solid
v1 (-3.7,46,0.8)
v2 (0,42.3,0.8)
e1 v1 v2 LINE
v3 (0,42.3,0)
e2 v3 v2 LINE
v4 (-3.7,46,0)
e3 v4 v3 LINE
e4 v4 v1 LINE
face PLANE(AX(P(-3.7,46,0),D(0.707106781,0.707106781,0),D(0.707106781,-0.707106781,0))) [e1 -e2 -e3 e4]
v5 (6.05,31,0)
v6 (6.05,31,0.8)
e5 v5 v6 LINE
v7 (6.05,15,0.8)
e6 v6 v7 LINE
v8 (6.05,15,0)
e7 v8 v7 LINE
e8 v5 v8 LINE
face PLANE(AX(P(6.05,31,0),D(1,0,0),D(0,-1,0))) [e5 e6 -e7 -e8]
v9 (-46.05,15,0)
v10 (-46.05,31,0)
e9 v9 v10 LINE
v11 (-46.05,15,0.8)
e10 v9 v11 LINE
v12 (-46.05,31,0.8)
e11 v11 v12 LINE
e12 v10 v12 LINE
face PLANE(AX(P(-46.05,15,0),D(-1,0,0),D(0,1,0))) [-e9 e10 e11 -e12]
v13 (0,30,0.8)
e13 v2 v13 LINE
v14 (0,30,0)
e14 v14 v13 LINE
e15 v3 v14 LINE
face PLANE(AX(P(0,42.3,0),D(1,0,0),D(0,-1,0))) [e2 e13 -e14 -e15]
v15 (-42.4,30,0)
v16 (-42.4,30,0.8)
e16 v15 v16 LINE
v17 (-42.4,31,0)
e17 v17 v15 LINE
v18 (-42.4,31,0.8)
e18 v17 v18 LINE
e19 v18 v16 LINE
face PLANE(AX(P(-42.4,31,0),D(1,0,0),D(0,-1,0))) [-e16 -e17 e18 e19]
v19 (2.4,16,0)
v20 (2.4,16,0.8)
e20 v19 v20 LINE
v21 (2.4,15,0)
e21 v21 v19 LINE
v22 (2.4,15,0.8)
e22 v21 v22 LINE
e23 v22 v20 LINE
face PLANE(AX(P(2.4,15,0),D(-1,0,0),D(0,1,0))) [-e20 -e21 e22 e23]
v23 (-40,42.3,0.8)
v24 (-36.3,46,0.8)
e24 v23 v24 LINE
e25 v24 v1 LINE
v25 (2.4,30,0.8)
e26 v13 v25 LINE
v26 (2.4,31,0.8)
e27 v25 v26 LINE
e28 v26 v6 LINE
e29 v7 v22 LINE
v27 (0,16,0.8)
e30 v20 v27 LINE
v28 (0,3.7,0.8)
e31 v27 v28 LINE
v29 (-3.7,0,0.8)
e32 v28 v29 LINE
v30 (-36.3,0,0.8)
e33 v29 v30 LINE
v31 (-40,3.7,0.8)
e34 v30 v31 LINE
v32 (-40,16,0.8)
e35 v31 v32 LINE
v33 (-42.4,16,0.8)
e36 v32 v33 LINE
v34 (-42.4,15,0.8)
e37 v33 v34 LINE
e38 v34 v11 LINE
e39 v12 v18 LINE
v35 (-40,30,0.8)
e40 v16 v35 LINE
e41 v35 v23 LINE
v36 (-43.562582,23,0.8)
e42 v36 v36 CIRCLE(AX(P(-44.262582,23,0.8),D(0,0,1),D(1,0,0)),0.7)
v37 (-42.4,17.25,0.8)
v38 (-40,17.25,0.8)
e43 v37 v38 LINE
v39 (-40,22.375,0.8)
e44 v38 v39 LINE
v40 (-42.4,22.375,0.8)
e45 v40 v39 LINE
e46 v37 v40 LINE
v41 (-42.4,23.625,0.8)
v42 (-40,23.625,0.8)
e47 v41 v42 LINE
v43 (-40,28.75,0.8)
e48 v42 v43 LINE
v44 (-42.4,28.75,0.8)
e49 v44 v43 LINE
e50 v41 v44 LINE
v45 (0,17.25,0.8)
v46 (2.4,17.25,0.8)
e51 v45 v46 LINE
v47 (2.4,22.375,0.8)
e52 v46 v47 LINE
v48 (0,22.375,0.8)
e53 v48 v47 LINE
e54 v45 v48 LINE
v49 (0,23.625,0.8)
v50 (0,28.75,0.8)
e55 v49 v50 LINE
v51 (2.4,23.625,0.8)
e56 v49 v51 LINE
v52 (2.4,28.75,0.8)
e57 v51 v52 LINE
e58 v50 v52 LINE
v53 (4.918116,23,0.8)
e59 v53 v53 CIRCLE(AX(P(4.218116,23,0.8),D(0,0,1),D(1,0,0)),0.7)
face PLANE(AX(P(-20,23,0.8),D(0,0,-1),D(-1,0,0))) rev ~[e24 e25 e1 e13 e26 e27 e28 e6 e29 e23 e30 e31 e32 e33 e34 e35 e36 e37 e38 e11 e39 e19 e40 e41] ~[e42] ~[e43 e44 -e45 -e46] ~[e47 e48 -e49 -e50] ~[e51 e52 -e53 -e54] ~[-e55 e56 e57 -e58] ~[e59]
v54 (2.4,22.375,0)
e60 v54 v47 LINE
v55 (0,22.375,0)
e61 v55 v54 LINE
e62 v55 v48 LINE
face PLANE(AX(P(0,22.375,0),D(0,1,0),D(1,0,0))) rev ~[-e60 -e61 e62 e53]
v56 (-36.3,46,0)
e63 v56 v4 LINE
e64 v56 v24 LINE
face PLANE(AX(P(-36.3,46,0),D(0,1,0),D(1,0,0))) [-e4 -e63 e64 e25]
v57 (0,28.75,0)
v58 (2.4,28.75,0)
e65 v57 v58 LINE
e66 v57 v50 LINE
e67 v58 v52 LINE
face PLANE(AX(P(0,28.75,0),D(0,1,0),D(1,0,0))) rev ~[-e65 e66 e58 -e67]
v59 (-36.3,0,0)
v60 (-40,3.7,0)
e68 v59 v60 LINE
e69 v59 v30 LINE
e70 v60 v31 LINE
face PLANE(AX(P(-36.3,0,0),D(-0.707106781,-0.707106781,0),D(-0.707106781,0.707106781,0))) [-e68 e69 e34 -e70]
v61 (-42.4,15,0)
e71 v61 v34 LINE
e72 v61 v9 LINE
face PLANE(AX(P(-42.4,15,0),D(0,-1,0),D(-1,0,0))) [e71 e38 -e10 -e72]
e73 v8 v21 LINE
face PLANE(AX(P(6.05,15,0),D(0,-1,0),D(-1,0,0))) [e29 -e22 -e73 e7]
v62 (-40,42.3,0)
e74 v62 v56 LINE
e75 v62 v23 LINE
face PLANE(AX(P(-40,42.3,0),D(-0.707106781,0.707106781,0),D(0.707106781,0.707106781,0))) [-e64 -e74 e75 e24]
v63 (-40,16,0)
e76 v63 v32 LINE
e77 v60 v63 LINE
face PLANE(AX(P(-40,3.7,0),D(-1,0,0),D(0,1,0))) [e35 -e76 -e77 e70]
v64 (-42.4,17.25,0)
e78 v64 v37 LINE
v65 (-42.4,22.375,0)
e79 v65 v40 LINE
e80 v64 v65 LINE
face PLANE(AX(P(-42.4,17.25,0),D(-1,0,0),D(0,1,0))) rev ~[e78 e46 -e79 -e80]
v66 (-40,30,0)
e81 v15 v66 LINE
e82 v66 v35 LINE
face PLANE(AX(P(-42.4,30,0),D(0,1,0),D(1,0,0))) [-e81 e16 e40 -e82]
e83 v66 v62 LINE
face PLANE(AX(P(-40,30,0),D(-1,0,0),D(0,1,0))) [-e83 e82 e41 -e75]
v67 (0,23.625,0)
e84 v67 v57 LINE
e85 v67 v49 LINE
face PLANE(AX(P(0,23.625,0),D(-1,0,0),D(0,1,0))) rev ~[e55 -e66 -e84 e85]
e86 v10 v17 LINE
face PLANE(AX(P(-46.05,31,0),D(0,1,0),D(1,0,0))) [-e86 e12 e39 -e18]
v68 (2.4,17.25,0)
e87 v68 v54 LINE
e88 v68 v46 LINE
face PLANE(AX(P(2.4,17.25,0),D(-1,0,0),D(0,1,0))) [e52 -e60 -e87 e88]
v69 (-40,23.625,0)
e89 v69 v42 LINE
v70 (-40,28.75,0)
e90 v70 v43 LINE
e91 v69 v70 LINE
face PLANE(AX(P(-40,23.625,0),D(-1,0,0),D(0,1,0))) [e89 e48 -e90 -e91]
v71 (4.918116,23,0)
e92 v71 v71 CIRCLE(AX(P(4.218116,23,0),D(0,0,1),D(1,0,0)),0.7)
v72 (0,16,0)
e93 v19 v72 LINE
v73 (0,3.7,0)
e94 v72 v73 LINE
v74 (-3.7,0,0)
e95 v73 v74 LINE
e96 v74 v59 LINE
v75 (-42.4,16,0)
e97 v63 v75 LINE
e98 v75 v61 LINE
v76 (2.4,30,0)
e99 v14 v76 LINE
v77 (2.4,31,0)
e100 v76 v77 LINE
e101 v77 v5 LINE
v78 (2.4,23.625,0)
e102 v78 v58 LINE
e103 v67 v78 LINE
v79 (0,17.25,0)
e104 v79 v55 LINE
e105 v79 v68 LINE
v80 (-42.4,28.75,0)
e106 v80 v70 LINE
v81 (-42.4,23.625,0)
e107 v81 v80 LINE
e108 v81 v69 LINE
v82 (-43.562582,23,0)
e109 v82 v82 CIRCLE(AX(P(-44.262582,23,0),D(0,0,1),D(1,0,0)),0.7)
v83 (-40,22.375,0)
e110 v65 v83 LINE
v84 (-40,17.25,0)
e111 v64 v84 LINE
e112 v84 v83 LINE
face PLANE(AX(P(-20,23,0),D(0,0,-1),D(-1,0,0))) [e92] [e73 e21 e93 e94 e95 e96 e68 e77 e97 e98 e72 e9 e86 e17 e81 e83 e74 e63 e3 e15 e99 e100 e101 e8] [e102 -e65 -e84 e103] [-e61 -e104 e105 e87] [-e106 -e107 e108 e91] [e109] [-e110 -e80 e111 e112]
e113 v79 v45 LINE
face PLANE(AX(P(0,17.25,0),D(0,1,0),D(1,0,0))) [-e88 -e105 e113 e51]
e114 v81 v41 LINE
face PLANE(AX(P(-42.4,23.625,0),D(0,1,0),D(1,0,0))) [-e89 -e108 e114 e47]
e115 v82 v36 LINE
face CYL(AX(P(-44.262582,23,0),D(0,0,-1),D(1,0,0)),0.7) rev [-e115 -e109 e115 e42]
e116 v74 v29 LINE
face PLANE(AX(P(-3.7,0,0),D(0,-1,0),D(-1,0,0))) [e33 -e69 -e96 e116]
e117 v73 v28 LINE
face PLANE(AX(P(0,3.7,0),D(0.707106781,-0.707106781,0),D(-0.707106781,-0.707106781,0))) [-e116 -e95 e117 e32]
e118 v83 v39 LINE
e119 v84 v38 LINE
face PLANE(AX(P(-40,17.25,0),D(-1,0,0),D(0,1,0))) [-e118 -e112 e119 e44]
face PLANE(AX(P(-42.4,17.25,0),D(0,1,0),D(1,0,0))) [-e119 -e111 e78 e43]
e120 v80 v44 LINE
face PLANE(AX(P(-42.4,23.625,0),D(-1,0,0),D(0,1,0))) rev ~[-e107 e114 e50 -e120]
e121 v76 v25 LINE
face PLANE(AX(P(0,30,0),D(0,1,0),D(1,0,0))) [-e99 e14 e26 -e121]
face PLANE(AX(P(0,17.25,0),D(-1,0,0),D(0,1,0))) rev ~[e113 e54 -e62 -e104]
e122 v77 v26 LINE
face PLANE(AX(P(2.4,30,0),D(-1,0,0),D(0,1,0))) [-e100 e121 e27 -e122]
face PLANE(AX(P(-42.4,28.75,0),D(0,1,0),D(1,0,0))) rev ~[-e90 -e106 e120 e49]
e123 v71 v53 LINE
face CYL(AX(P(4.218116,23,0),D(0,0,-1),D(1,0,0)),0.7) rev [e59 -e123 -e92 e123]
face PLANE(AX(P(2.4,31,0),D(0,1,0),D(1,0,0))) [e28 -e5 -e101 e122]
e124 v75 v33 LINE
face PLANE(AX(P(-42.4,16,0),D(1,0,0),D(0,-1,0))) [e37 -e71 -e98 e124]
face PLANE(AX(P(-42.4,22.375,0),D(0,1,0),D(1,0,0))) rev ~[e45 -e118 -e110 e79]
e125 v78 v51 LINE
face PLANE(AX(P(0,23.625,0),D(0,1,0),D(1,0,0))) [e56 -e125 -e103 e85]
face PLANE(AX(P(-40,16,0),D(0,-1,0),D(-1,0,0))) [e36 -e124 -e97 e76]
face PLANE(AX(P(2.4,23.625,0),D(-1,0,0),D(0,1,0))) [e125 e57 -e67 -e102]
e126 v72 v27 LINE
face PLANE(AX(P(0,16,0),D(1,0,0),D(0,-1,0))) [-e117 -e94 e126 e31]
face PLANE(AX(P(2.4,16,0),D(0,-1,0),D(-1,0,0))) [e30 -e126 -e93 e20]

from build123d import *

# Parameters (mm, degrees)
SKETCH1_R           = 0.7
SKETCH1_W           = 2.4
SKETCH1_H           = 5.125
BOSS_EXTRUDE1_DEPTH = 0.8


with BuildPart() as part:
    # Sketch1 → Boss-Extrude1 (new body)
    with BuildSketch(Plane.XY):
        Polygon((0, 30), (2.4, 30), (2.4, 31), (6.05, 31), (6.05, 15), (2.4, 15), (2.4, 16), (0, 16), (0, 3.7), (-3.7, 0), (-36.3, 0), (-40, 3.7), (-40, 16), (-42.4, 16), (-42.4, 15), (-46.05, 15), (-46.05, 31), (-42.4, 31), (-42.4, 30), (-40, 30), (-40, 42.3), (-36.3, 46), (-3.7, 46), (0, 42.3), align=None)
        with Locations((4.21811613, 23)):
            Circle(SKETCH1_R, mode=Mode.SUBTRACT)
        with Locations((-44.262582218, 23)):
            Circle(SKETCH1_R, mode=Mode.SUBTRACT)
        with Locations((1.2, 19.8125)):
            Rectangle(SKETCH1_W, SKETCH1_H, mode=Mode.SUBTRACT)
        with Locations((1.2, 26.1875)):
            Rectangle(SKETCH1_W, SKETCH1_H, mode=Mode.SUBTRACT)
        with Locations((-41.2, 26.1875)):
            Rectangle(SKETCH1_W, SKETCH1_H, mode=Mode.SUBTRACT)
        with Locations((-41.2, 19.8125)):
            Rectangle(SKETCH1_W, SKETCH1_H, mode=Mode.SUBTRACT)
    extrude(amount=BOSS_EXTRUDE1_DEPTH)


solid = part.part
